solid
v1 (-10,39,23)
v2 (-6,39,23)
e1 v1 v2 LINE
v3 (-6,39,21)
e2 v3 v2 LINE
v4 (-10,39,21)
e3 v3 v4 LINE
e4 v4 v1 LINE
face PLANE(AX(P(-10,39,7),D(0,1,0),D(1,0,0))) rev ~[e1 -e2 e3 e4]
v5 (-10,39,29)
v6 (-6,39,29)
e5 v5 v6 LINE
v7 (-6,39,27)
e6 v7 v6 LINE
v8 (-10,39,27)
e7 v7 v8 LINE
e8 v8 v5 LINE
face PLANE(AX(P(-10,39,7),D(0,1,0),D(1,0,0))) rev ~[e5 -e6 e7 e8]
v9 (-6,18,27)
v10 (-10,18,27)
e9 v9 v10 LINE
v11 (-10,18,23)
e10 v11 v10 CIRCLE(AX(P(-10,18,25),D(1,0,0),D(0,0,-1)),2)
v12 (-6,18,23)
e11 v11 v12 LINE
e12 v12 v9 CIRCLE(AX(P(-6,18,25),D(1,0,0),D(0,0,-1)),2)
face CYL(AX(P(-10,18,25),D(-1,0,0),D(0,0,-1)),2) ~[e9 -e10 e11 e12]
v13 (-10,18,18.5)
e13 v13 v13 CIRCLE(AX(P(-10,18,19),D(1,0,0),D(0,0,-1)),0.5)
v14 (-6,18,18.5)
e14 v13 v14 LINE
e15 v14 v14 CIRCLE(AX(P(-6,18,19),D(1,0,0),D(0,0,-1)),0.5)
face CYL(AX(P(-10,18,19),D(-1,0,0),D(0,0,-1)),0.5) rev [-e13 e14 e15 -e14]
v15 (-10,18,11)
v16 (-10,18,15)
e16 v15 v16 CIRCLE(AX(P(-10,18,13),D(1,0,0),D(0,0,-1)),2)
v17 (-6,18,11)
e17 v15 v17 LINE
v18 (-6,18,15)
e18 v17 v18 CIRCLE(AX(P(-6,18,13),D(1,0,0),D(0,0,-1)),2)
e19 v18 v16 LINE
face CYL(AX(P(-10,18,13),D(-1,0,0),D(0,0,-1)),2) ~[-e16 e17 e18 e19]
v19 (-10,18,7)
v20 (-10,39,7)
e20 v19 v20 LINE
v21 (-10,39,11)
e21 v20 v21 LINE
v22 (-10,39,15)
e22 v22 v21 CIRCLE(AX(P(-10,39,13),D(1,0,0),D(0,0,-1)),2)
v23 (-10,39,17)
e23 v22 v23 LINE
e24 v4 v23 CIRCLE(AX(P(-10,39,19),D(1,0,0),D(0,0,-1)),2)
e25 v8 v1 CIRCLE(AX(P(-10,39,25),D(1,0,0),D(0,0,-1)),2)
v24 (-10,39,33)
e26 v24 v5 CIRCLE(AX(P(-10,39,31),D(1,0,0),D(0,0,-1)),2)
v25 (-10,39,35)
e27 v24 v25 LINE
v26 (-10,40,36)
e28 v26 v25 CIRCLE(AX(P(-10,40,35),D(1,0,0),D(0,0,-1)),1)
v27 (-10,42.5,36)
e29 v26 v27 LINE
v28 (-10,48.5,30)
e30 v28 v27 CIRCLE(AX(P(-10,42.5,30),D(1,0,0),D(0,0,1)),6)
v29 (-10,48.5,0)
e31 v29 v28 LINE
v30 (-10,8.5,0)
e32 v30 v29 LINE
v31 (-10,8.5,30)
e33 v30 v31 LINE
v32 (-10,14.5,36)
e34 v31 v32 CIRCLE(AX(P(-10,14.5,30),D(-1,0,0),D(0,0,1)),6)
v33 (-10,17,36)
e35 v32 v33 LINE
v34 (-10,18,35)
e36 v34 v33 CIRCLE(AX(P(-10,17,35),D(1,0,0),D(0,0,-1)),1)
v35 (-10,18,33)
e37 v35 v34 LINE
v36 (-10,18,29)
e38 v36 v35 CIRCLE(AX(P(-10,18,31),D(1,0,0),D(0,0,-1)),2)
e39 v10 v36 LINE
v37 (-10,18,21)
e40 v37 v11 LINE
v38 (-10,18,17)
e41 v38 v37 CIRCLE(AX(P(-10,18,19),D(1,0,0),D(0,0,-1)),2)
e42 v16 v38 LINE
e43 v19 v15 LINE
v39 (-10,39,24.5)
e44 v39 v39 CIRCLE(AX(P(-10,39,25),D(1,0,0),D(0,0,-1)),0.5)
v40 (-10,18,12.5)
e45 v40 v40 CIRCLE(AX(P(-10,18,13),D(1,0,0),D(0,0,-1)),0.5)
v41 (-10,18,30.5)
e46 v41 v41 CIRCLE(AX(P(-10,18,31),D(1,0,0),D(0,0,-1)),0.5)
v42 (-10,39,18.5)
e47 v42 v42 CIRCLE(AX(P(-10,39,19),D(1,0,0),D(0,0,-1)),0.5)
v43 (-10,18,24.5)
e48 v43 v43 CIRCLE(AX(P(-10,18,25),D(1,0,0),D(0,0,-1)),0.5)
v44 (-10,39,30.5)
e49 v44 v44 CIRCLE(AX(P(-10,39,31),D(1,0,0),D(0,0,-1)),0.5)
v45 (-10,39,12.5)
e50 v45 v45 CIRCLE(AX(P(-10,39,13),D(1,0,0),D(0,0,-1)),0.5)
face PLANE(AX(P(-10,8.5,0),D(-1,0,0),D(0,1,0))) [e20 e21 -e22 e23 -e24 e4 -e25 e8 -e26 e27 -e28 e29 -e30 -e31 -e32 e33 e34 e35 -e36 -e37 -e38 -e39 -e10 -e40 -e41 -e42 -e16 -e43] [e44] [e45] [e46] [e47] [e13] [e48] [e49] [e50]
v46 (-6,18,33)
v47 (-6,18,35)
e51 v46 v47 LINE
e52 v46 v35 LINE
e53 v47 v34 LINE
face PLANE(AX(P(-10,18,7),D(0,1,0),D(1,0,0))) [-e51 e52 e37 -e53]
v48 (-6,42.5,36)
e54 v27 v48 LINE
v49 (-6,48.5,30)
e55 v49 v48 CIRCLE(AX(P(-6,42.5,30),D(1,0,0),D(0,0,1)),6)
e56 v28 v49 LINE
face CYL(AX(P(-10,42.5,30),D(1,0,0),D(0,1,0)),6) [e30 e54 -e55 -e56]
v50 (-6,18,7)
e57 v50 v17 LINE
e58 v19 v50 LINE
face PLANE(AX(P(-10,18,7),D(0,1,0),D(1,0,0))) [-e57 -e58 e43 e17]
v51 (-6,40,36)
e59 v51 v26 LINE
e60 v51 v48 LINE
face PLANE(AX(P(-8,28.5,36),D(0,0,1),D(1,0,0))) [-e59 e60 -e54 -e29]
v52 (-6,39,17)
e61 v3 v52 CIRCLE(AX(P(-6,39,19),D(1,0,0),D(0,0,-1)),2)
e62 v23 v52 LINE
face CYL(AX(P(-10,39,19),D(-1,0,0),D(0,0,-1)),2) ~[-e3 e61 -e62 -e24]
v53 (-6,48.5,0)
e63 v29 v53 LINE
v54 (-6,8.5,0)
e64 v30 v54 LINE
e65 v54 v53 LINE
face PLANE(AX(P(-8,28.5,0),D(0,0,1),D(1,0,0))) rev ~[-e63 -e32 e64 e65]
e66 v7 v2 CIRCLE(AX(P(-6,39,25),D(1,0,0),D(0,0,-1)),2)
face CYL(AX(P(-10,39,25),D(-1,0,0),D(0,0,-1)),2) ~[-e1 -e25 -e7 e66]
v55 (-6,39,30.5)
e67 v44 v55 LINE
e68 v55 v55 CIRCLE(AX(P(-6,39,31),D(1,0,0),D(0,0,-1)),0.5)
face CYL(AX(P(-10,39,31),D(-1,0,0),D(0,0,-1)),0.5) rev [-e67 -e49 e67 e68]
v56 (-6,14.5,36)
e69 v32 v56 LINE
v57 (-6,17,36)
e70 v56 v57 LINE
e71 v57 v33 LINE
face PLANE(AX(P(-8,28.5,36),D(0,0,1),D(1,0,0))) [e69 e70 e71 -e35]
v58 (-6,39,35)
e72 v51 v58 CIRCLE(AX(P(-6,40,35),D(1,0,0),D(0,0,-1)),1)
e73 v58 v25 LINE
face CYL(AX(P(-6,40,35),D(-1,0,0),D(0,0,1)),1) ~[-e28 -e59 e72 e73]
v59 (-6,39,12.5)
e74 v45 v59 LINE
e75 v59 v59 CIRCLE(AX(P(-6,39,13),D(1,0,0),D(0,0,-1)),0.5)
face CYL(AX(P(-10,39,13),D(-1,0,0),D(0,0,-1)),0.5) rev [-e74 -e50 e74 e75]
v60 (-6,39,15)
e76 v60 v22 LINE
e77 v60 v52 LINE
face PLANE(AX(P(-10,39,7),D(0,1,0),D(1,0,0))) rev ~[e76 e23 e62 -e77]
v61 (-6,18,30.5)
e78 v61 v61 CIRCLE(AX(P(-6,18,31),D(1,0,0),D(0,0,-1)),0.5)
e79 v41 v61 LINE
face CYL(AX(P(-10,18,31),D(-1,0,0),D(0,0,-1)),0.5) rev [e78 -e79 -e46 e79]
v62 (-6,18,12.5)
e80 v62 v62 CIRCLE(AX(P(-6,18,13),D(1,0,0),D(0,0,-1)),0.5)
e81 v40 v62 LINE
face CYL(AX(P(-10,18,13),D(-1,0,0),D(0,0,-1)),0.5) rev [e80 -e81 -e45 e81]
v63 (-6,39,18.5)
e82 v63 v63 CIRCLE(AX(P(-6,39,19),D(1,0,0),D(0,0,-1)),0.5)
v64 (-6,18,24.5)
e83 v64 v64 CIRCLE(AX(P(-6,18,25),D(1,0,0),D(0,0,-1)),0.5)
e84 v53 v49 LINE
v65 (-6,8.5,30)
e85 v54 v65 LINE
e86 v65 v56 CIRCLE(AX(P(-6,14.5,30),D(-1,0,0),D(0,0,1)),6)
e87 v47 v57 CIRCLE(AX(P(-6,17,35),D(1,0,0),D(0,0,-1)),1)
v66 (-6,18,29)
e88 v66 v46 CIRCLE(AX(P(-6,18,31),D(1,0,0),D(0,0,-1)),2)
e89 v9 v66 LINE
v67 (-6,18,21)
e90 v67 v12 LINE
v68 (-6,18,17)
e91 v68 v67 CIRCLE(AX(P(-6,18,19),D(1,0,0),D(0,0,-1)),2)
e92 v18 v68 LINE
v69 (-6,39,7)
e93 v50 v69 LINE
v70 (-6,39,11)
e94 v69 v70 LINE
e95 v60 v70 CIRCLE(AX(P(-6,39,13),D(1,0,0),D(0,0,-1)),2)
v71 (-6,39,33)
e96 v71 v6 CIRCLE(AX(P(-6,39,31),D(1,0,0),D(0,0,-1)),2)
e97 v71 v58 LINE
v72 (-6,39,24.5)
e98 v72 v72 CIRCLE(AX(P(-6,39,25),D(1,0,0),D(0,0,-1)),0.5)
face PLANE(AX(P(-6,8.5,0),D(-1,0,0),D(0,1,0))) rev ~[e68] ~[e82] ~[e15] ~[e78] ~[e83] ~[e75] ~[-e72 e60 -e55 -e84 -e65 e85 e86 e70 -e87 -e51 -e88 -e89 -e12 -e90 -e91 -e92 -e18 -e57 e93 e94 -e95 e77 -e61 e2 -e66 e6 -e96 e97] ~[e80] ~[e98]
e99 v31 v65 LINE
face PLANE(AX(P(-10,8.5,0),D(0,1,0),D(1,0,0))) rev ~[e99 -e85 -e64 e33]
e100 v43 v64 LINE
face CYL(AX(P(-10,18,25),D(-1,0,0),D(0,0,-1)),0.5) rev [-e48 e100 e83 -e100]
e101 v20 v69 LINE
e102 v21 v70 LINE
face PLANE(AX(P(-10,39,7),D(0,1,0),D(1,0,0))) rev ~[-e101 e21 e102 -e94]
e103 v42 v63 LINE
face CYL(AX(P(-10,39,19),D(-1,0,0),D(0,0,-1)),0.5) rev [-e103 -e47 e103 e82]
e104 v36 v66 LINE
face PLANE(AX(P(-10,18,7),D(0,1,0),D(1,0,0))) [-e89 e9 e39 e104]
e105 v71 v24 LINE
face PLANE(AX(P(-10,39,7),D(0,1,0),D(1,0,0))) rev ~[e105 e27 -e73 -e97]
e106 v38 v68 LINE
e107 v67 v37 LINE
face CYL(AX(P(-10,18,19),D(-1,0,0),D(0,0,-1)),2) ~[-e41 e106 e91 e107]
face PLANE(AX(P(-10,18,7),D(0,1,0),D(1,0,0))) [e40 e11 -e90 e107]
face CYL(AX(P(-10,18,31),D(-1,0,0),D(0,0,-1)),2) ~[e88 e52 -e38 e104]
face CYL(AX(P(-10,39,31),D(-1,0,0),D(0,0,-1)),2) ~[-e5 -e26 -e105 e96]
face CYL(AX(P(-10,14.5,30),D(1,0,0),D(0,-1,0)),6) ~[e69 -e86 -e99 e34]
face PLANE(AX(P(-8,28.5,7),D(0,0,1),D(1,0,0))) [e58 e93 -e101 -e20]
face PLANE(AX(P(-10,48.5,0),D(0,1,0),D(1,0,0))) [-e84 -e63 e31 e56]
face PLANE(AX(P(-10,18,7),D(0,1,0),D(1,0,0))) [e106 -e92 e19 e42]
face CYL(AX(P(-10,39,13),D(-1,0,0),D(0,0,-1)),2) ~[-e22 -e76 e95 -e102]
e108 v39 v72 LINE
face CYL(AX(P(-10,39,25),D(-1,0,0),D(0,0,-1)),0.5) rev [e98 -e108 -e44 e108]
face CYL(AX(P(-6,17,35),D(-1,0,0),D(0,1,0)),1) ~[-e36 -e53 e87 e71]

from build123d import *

# Parameters (mm, degrees)
CYLINDER001_R     = 0.5
CYLINDER001_DEPTH = 4
ARRAY001_Y_COUNT  = 2
ARRAY001_Y_PITCH  = 21
ARRAY001_Z_COUNT  = 4
ARRAY001_Z_PITCH  = 6
BOX001_W          = 4
BOX001_H          = 21
BOX001_DEPTH      = 74
BOX_W             = 4
BOX_H             = 40
BOX_DEPTH         = 36
FILLET001_R       = 6
FILLET004_R       = 1
CYLINDER_R        = 2
CYLINDER_DEPTH    = 4
ARRAY_Y_COUNT     = 2
ARRAY_Y_PITCH     = 21
ARRAY_Z_COUNT     = 4
ARRAY_Z_PITCH     = 6


with BuildPart() as camera_hole_array:
    # Cylinder001 → Cylinder001 (new body)
    with BuildSketch(Plane(origin=(0, 0, 0), x_dir=(0, 0, -1), z_dir=(1, 0, 0))):
        Circle(CYLINDER001_R)
    extrude(amount=CYLINDER001_DEPTH)

    # Array001 Y: camera hole array ×2


with BuildPart() as camera_hole_array_1:
    add(camera_hole_array.part)
    with Locations(*[(0, i * ARRAY001_Y_PITCH, 0) for i in range(1, ARRAY001_Y_COUNT)]):
        add(camera_hole_array.part)

    # Array001 Z: camera hole array ×4


with BuildPart() as camera_hole_array_2:
    add(camera_hole_array_1.part)
    with Locations(*[(0, 0, i * ARRAY001_Z_PITCH) for i in range(1, ARRAY001_Z_COUNT)]):
        add(camera_hole_array_1.part)


with BuildPart() as camera_hole_array_3:
    # Array001 placement: moved
    add(camera_hole_array_2.part.moved(Location((0, 7, 2))))


with BuildPart() as camera_plate_hole:
    # Box001 → Box001 (new body)
    with BuildSketch(Plane(origin=(0, 7, -4), x_dir=(1, 0, 0), z_dir=(0, 0, 1))):
        with Locations((2, 10.5)):
            Rectangle(BOX001_W, BOX001_H)
    extrude(amount=BOX001_DEPTH)


with BuildPart() as camera_plate_cut_fillet:
    # Box → Box (new body)
    with BuildSketch(Plane(origin=(0, -2.5, -11), x_dir=(1, 0, 0), z_dir=(0, 0, 1))):
        with Locations((2, 20)):
            Rectangle(BOX_W, BOX_H)
    extrude(amount=BOX_DEPTH)

    # Fillet001
    fillet001_edges = [camera_plate_cut_fillet.edges().sort_by_distance(p)[0] for p in [
        (2, -2.5, 25),
        (2, 37.5, 25),
    ]]
    fillet(fillet001_edges, radius=FILLET001_R)

    # Cut001: cut camera plate hole
    add(camera_plate_hole.part, mode=Mode.SUBTRACT)

    # Fillet004
    fillet004_edges = [camera_plate_cut_fillet.edges().sort_by_distance(p)[0] for p in [
        (2, 7, 25),
        (2, 28, 25),
    ]]
    fillet(fillet004_edges, radius=FILLET004_R)


with BuildPart() as camera_holder_cut:
    # Cylinder → Cylinder (new body)
    with BuildSketch(Plane(origin=(0, 0, 0), x_dir=(0, 0, -1), z_dir=(1, 0, 0))):
        Circle(CYLINDER_R)
    extrude(amount=CYLINDER_DEPTH)

    # Array Y: camera holder cut ×2


with BuildPart() as camera_holder_cut_1:
    add(camera_holder_cut.part)
    with Locations(*[(0, i * ARRAY_Y_PITCH, 0) for i in range(1, ARRAY_Y_COUNT)]):
        add(camera_holder_cut.part)

    # Array Z: camera holder cut ×4


with BuildPart() as camera_holder_cut_2:
    add(camera_holder_cut_1.part)
    with Locations(*[(0, 0, i * ARRAY_Z_PITCH) for i in range(1, ARRAY_Z_COUNT)]):
        add(camera_holder_cut_1.part)


with BuildPart() as camera_holder_cut_3:
    # Array placement: moved
    add(camera_holder_cut_2.part.moved(Location((0, 7, 2))))

    # Fusion: union camera plate cut fillet
    add(camera_plate_cut_fillet.part)

    # Cut: cut camera hole array
    add(camera_hole_array_3.part, mode=Mode.SUBTRACT)


with BuildPart() as camera_holder_cut_4:
    # Cut placement: moved
    add(camera_holder_cut_3.part.moved(Location((-10, 11, 11))))


solid = camera_holder_cut_4.part
